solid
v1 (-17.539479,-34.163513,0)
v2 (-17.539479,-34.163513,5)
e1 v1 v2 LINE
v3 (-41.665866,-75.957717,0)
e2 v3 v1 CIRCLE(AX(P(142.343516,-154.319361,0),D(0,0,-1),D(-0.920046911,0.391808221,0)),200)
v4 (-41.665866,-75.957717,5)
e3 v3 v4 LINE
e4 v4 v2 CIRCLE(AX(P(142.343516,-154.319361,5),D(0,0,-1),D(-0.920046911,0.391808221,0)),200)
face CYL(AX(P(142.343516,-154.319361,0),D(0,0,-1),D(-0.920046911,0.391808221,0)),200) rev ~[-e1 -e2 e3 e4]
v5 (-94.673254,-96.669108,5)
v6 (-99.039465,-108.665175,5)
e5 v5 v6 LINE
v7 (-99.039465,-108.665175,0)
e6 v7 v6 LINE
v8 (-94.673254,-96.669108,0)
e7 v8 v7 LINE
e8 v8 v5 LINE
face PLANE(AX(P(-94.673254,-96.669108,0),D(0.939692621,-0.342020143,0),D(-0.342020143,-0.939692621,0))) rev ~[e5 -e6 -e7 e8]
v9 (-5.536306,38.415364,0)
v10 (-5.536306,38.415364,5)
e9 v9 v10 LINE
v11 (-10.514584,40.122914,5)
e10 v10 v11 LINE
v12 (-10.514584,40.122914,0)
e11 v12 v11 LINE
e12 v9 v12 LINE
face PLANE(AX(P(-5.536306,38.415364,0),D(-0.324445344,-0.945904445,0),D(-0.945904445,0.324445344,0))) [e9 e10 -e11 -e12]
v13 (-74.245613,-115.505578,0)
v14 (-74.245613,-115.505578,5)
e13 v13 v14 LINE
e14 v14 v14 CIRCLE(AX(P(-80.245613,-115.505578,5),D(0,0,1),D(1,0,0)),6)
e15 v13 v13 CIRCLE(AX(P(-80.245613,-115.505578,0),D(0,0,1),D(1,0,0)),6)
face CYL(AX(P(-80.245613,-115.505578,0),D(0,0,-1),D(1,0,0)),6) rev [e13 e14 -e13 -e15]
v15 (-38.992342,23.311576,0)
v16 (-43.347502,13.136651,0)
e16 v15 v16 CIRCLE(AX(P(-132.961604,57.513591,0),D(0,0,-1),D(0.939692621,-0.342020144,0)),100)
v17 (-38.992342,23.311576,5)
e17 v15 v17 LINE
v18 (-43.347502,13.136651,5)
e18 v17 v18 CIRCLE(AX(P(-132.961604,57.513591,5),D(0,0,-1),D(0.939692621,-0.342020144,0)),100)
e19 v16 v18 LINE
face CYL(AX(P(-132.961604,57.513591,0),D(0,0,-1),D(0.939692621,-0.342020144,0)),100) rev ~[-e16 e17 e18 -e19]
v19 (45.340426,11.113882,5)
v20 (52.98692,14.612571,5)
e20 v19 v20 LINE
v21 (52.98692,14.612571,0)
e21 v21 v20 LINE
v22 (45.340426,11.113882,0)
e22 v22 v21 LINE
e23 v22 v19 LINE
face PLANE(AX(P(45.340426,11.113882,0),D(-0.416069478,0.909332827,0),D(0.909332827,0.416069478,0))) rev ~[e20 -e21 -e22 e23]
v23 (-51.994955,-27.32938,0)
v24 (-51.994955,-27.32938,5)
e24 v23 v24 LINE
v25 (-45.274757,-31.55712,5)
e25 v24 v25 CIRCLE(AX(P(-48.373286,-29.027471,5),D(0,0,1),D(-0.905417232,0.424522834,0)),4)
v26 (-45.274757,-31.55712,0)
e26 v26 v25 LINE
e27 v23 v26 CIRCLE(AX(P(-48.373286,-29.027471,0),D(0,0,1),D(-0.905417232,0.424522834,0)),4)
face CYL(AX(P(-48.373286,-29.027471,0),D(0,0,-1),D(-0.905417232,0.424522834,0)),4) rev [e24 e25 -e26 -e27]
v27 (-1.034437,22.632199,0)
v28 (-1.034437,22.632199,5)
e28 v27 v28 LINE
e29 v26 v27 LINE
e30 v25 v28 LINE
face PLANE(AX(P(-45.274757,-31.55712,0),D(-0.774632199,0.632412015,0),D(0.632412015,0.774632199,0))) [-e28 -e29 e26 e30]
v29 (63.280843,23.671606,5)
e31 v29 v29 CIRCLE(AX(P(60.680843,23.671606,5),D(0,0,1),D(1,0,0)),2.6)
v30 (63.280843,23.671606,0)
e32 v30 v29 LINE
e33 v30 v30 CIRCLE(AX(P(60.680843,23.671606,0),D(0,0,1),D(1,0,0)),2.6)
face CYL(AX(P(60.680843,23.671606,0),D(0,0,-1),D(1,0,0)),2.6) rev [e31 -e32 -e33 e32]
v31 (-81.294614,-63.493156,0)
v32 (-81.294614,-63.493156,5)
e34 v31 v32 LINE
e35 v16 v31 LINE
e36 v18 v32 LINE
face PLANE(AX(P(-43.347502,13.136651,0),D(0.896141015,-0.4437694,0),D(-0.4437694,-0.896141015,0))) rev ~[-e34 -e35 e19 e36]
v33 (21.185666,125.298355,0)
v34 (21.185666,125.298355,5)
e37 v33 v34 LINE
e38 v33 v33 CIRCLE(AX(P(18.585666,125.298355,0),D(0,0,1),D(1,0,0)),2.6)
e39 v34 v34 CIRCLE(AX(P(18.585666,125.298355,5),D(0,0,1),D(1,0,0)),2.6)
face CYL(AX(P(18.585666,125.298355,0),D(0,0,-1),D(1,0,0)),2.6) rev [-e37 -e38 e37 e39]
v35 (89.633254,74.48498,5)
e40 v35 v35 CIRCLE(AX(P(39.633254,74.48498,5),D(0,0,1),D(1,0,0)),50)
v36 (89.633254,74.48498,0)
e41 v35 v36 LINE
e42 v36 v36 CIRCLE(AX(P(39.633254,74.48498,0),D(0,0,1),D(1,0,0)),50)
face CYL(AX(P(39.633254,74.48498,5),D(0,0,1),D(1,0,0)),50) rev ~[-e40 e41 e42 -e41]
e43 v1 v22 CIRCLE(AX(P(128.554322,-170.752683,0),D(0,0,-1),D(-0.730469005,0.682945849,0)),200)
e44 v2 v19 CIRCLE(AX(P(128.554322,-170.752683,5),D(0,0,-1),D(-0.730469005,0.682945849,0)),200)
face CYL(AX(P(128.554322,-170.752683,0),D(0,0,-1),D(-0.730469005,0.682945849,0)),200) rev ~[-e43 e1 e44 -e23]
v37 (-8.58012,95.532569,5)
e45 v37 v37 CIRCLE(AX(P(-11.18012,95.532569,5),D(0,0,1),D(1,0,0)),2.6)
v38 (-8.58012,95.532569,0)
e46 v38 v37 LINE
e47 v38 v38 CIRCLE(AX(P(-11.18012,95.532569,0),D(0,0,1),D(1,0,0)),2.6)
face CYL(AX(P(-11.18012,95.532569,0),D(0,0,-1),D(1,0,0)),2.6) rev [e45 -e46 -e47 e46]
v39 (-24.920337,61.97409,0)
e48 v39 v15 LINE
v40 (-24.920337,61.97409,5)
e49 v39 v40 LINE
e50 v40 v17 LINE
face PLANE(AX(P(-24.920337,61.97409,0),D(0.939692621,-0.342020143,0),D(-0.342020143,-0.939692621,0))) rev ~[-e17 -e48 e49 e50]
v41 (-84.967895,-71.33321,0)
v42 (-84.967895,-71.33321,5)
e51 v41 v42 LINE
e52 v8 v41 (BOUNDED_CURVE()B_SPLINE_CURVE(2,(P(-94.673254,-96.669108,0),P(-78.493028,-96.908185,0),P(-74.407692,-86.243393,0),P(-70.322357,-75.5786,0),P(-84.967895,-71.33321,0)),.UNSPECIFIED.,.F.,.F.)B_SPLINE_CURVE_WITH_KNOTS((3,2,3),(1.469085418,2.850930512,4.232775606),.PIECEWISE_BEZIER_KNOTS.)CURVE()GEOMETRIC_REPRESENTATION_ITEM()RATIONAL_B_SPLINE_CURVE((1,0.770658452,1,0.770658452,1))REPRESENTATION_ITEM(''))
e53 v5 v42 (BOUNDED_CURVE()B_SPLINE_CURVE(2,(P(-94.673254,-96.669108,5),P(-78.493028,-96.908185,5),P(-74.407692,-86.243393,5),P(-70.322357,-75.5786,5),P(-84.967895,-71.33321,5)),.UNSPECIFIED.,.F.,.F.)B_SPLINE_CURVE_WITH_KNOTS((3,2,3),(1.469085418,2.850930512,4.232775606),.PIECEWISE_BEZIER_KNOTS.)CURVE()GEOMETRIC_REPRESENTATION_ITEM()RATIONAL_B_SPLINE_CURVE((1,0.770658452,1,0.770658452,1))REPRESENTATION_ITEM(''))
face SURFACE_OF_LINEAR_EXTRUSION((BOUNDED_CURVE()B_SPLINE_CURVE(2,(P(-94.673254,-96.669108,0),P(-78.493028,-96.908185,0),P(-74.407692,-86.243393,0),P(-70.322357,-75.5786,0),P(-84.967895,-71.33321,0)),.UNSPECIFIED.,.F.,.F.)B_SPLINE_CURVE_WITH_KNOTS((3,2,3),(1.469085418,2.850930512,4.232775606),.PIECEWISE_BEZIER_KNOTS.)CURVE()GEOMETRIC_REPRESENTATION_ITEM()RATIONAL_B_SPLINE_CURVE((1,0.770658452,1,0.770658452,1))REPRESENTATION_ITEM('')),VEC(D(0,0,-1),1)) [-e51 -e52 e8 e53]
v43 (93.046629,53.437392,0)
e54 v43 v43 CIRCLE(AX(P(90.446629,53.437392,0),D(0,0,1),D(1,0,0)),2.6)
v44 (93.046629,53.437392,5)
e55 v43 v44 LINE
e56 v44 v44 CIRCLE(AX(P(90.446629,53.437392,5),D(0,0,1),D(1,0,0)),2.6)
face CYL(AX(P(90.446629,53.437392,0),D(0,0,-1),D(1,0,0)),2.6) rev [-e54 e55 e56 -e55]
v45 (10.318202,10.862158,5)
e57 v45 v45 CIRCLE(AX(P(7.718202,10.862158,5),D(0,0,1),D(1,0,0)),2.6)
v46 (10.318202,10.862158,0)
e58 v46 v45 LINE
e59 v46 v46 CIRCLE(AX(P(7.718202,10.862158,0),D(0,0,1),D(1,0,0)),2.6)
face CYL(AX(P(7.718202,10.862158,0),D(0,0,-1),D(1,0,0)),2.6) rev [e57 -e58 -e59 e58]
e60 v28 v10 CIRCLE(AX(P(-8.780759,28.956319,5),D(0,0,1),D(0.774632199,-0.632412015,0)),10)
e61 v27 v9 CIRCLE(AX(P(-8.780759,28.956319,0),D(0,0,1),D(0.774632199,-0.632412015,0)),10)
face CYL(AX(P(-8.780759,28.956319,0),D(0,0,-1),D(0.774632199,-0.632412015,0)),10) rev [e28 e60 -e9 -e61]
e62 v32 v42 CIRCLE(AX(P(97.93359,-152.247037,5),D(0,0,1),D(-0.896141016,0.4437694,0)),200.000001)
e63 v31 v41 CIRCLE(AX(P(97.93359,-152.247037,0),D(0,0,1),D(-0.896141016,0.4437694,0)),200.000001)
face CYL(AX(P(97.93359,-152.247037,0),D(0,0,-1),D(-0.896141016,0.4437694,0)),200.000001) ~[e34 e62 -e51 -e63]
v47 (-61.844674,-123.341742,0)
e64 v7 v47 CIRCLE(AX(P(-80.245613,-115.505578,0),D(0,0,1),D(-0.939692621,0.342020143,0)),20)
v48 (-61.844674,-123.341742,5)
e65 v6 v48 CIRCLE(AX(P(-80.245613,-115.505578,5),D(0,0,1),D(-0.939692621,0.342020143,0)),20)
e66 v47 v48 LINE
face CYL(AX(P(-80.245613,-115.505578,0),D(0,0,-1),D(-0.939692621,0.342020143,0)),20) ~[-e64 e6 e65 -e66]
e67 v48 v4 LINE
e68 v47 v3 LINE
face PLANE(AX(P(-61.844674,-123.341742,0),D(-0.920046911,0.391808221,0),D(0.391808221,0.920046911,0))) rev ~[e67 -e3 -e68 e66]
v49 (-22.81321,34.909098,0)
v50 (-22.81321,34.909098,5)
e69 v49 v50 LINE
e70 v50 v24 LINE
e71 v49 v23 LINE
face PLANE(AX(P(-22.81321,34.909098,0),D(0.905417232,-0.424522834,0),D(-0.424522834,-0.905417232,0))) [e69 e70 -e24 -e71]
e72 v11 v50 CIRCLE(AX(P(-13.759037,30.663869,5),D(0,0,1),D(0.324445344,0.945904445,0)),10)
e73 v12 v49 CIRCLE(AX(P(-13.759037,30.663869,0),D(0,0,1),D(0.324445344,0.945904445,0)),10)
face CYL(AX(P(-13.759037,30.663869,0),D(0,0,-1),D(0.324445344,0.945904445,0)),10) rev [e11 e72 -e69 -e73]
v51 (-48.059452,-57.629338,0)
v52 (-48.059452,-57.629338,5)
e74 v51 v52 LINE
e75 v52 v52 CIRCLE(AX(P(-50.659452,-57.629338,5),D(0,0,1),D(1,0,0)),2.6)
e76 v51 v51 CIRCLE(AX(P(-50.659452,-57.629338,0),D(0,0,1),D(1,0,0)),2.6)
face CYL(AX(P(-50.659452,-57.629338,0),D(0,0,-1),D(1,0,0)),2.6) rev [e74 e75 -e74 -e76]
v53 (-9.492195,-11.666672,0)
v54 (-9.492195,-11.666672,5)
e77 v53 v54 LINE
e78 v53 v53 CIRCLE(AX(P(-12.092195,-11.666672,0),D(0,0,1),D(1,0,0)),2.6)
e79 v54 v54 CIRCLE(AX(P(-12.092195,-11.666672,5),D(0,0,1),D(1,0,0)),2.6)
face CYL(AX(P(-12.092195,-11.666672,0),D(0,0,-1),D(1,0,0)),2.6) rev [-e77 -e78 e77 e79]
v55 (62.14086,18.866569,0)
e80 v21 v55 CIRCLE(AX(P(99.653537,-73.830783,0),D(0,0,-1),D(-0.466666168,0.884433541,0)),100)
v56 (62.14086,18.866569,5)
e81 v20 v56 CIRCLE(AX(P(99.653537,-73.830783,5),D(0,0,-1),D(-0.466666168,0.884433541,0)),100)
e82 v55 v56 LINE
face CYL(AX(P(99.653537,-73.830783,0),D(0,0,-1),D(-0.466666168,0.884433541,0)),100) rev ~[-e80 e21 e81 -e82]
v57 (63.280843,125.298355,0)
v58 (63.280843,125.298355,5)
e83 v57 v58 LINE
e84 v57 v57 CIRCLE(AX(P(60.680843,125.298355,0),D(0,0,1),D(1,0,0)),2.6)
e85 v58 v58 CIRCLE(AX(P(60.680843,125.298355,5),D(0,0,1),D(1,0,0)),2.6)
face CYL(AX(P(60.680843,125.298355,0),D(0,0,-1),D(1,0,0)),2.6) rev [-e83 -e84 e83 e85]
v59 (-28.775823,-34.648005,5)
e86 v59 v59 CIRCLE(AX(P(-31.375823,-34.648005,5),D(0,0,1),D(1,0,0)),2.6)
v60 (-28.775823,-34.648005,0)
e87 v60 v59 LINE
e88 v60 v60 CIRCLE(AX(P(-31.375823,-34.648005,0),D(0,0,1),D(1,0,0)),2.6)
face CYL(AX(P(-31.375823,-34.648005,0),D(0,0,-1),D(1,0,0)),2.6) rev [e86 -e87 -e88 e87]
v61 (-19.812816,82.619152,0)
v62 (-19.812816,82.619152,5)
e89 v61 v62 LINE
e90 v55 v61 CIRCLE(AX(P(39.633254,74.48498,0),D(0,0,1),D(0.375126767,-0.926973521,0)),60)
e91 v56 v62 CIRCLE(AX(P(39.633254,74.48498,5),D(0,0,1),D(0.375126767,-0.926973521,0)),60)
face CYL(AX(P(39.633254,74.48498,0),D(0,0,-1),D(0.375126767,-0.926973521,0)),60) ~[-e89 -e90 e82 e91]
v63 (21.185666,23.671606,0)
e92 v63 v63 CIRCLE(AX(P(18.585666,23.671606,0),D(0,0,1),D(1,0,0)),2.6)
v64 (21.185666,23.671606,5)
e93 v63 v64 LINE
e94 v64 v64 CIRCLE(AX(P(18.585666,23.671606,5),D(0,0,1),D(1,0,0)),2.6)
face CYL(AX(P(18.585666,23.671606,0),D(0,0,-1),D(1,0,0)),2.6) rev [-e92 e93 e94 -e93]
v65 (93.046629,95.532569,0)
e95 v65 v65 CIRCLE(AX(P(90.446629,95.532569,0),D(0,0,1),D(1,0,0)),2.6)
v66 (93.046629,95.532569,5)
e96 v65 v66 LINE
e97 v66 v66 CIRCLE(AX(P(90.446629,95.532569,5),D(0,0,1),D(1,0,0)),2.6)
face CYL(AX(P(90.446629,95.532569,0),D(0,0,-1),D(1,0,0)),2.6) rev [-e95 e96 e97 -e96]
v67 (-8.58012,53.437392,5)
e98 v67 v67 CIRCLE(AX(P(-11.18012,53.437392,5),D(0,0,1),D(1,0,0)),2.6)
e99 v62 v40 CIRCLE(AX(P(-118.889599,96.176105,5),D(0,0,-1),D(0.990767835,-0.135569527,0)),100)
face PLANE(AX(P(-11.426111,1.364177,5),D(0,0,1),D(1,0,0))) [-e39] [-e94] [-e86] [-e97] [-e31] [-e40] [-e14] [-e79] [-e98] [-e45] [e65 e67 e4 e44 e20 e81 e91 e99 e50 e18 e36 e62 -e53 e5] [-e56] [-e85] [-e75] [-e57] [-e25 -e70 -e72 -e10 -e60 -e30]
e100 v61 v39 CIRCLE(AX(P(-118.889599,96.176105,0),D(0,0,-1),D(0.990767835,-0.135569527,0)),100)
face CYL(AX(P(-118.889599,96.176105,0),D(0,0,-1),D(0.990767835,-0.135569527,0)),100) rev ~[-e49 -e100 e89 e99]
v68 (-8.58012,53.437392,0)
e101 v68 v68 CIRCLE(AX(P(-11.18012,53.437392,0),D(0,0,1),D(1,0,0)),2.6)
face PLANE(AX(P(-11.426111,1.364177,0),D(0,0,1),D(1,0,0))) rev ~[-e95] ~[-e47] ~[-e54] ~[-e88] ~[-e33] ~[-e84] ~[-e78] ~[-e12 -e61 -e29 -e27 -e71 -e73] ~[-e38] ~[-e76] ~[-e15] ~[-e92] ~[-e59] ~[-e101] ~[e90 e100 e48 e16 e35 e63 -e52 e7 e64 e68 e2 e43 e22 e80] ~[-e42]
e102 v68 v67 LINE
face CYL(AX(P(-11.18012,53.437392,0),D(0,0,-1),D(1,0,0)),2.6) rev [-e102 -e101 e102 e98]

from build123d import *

# Parameters (mm, degrees)
SKETCH_1_R          = 1.85
SKETCH_1_R_2        = 6
SKETCH_1_R_3        = 2.6
SKETCH_1_R_4        = 40
EXTRUDE_1_DEPTH     = 5
SKETCH_2_R          = 50
CUT_EXTRUDE_1_DEPTH = 5


with BuildPart() as part:
    # 草图1 → 凸台-拉伸1 (new body)
    with BuildSketch(Plane.XY):
        with BuildLine():
            Line((45.340426295, 11.113882118), (52.986920218, 14.612571091))
            ThreePointArc((52.986920218, 14.612571091), (57.510180634, 16.855144901), (62.140860345, 18.86656915))
            ThreePointArc((62.140860345, 18.86656915), (76.473592144, 121.843079098), (-19.812815771, 82.619152052))
            ThreePointArc((-19.812815771, 82.619152052), (-21.816180826, 72.160455141), (-24.920337213, 61.974090443))
            Line((-24.920337213, 61.974090443), (-38.992341568, 23.311576231))
            ThreePointArc((-38.992341568, 23.311576231), (-41.02904615, 18.163814554), (-43.347502102, 13.136650558))
            Line((-43.347502102, 13.136650558), (-81.294613945, -63.493156131))
            ThreePointArc((-81.294613945, -63.493156131), (-83.173683364, -67.393304084), (-84.967894718, -71.333210372))
            add(Edge.make_bspline(
                [(-94.673253721, -96.669107716), (-78.493027504, -96.908185151), (-74.407692057, -86.243392693), (-70.32235661, -75.578600234), (-84.967894718, -71.333210372)],
                knots=[1.469085418, 1.469085418, 1.469085418, 2.850930512, 2.850930512, 4.232775606, 4.232775606, 4.232775606], degree=2, weights=[1, 0.770658452, 1, 0.770658452, 1]))
            Line((-94.673253721, -96.669107716), (-99.039465007, -108.665174635))
            ThreePointArc((-99.039465007, -108.665174635), (-87.586525496, -134.109636137), (-61.84467438, -123.341741928))
            Line((-61.84467438, -123.341741928), (-41.665865642, -75.957716718))
            ThreePointArc((-41.665865642, -75.957716718), (-30.867859398, -54.330265242), (-17.539479197, -34.163513461))
            ThreePointArc((-17.539479197, -34.163513461), (11.686808966, -8.450543885), (45.340426295, 11.113882118))
        make_face()
        with Locations((84.133254342, 74.484980418)):
            Circle(SKETCH_1_R, mode=Mode.SUBTRACT)
        with Locations((-4.866745658, 74.484980418)):
            Circle(SKETCH_1_R, mode=Mode.SUBTRACT)
        with Locations((71.099506104, 43.018728655)):
            Circle(SKETCH_1_R, mode=Mode.SUBTRACT)
        with Locations((-80.245612592, -115.505577501)):
            Circle(SKETCH_1_R_2, mode=Mode.SUBTRACT)
        with Locations((71.099506104, 105.95123218)):
            Circle(SKETCH_1_R, mode=Mode.SUBTRACT)
        with Locations((39.633254342, 29.984980418)):
            Circle(SKETCH_1_R, mode=Mode.SUBTRACT)
        with Locations((8.167002579, 43.018728655)):
            Circle(SKETCH_1_R, mode=Mode.SUBTRACT)
        with Locations((8.167002579, 105.95123218)):
            Circle(SKETCH_1_R, mode=Mode.SUBTRACT)
        with Locations((39.633254342, 118.984980418)):
            Circle(SKETCH_1_R, mode=Mode.SUBTRACT)
        with Locations((90.44662863, 95.532569198)):
            Circle(SKETCH_1_R_3, mode=Mode.SUBTRACT)
        with Locations((60.680843122, 125.298354706)):
            Circle(SKETCH_1_R_3, mode=Mode.SUBTRACT)
        with Locations((18.585665562, 125.298354706)):
            Circle(SKETCH_1_R_3, mode=Mode.SUBTRACT)
        with Locations((-11.180119947, 95.532569198)):
            Circle(SKETCH_1_R_3, mode=Mode.SUBTRACT)
        with Locations((-11.180119947, 53.437391637)):
            Circle(SKETCH_1_R_3, mode=Mode.SUBTRACT)
        with Locations((18.585665562, 23.671606129)):
            Circle(SKETCH_1_R_3, mode=Mode.SUBTRACT)
        with Locations((60.680843122, 23.671606129)):
            Circle(SKETCH_1_R_3, mode=Mode.SUBTRACT)
        with Locations((90.44662863, 53.437391637)):
            Circle(SKETCH_1_R_3, mode=Mode.SUBTRACT)
        with Locations((-31.375823455, -34.648004813)):
            Circle(SKETCH_1_R_3, mode=Mode.SUBTRACT)
        with Locations((7.718202275, 10.862157861)):
            Circle(SKETCH_1_R_3, mode=Mode.SUBTRACT)
        with Locations((-12.092195165, -11.66667152)):
            Circle(SKETCH_1_R_3, mode=Mode.SUBTRACT)
        with Locations((-50.659451746, -57.629338107)):
            Circle(SKETCH_1_R_3, mode=Mode.SUBTRACT)
        with Locations((39.633254342, 74.484980418)):
            Circle(SKETCH_1_R_4, mode=Mode.SUBTRACT)
        with BuildLine():
            Line((-5.536305869, 38.415363853), (-10.514583927, 40.122913857))
            ThreePointArc((-10.514583927, 40.122913857), (-17.662135878, 39.870705025), (-22.813209689, 34.909097746))
            Line((-22.813209689, 34.909097746), (-51.994954934, -27.329380157))
            ThreePointArc((-51.994954934, -27.329380157), (-50.503277554, -32.413196821), (-45.27475721, -31.55711955))
            Line((-45.27475721, -31.55711955), (-1.034437322, 22.632199259))
            ThreePointArc((-1.034437322, 22.632199259), (0.835703515, 31.699245343), (-5.536305869, 38.415363853))
        make_face(mode=Mode.SUBTRACT)
    extrude(amount=EXTRUDE_1_DEPTH)

    # 草图2 → 切除-拉伸1 (cut)
    with BuildSketch(Plane.XY.offset(5)):
        with Locations((39.633254342, 74.484980418)):
            Circle(SKETCH_2_R)
    extrude(amount=-CUT_EXTRUDE_1_DEPTH, mode=Mode.SUBTRACT)


solid = part.part
